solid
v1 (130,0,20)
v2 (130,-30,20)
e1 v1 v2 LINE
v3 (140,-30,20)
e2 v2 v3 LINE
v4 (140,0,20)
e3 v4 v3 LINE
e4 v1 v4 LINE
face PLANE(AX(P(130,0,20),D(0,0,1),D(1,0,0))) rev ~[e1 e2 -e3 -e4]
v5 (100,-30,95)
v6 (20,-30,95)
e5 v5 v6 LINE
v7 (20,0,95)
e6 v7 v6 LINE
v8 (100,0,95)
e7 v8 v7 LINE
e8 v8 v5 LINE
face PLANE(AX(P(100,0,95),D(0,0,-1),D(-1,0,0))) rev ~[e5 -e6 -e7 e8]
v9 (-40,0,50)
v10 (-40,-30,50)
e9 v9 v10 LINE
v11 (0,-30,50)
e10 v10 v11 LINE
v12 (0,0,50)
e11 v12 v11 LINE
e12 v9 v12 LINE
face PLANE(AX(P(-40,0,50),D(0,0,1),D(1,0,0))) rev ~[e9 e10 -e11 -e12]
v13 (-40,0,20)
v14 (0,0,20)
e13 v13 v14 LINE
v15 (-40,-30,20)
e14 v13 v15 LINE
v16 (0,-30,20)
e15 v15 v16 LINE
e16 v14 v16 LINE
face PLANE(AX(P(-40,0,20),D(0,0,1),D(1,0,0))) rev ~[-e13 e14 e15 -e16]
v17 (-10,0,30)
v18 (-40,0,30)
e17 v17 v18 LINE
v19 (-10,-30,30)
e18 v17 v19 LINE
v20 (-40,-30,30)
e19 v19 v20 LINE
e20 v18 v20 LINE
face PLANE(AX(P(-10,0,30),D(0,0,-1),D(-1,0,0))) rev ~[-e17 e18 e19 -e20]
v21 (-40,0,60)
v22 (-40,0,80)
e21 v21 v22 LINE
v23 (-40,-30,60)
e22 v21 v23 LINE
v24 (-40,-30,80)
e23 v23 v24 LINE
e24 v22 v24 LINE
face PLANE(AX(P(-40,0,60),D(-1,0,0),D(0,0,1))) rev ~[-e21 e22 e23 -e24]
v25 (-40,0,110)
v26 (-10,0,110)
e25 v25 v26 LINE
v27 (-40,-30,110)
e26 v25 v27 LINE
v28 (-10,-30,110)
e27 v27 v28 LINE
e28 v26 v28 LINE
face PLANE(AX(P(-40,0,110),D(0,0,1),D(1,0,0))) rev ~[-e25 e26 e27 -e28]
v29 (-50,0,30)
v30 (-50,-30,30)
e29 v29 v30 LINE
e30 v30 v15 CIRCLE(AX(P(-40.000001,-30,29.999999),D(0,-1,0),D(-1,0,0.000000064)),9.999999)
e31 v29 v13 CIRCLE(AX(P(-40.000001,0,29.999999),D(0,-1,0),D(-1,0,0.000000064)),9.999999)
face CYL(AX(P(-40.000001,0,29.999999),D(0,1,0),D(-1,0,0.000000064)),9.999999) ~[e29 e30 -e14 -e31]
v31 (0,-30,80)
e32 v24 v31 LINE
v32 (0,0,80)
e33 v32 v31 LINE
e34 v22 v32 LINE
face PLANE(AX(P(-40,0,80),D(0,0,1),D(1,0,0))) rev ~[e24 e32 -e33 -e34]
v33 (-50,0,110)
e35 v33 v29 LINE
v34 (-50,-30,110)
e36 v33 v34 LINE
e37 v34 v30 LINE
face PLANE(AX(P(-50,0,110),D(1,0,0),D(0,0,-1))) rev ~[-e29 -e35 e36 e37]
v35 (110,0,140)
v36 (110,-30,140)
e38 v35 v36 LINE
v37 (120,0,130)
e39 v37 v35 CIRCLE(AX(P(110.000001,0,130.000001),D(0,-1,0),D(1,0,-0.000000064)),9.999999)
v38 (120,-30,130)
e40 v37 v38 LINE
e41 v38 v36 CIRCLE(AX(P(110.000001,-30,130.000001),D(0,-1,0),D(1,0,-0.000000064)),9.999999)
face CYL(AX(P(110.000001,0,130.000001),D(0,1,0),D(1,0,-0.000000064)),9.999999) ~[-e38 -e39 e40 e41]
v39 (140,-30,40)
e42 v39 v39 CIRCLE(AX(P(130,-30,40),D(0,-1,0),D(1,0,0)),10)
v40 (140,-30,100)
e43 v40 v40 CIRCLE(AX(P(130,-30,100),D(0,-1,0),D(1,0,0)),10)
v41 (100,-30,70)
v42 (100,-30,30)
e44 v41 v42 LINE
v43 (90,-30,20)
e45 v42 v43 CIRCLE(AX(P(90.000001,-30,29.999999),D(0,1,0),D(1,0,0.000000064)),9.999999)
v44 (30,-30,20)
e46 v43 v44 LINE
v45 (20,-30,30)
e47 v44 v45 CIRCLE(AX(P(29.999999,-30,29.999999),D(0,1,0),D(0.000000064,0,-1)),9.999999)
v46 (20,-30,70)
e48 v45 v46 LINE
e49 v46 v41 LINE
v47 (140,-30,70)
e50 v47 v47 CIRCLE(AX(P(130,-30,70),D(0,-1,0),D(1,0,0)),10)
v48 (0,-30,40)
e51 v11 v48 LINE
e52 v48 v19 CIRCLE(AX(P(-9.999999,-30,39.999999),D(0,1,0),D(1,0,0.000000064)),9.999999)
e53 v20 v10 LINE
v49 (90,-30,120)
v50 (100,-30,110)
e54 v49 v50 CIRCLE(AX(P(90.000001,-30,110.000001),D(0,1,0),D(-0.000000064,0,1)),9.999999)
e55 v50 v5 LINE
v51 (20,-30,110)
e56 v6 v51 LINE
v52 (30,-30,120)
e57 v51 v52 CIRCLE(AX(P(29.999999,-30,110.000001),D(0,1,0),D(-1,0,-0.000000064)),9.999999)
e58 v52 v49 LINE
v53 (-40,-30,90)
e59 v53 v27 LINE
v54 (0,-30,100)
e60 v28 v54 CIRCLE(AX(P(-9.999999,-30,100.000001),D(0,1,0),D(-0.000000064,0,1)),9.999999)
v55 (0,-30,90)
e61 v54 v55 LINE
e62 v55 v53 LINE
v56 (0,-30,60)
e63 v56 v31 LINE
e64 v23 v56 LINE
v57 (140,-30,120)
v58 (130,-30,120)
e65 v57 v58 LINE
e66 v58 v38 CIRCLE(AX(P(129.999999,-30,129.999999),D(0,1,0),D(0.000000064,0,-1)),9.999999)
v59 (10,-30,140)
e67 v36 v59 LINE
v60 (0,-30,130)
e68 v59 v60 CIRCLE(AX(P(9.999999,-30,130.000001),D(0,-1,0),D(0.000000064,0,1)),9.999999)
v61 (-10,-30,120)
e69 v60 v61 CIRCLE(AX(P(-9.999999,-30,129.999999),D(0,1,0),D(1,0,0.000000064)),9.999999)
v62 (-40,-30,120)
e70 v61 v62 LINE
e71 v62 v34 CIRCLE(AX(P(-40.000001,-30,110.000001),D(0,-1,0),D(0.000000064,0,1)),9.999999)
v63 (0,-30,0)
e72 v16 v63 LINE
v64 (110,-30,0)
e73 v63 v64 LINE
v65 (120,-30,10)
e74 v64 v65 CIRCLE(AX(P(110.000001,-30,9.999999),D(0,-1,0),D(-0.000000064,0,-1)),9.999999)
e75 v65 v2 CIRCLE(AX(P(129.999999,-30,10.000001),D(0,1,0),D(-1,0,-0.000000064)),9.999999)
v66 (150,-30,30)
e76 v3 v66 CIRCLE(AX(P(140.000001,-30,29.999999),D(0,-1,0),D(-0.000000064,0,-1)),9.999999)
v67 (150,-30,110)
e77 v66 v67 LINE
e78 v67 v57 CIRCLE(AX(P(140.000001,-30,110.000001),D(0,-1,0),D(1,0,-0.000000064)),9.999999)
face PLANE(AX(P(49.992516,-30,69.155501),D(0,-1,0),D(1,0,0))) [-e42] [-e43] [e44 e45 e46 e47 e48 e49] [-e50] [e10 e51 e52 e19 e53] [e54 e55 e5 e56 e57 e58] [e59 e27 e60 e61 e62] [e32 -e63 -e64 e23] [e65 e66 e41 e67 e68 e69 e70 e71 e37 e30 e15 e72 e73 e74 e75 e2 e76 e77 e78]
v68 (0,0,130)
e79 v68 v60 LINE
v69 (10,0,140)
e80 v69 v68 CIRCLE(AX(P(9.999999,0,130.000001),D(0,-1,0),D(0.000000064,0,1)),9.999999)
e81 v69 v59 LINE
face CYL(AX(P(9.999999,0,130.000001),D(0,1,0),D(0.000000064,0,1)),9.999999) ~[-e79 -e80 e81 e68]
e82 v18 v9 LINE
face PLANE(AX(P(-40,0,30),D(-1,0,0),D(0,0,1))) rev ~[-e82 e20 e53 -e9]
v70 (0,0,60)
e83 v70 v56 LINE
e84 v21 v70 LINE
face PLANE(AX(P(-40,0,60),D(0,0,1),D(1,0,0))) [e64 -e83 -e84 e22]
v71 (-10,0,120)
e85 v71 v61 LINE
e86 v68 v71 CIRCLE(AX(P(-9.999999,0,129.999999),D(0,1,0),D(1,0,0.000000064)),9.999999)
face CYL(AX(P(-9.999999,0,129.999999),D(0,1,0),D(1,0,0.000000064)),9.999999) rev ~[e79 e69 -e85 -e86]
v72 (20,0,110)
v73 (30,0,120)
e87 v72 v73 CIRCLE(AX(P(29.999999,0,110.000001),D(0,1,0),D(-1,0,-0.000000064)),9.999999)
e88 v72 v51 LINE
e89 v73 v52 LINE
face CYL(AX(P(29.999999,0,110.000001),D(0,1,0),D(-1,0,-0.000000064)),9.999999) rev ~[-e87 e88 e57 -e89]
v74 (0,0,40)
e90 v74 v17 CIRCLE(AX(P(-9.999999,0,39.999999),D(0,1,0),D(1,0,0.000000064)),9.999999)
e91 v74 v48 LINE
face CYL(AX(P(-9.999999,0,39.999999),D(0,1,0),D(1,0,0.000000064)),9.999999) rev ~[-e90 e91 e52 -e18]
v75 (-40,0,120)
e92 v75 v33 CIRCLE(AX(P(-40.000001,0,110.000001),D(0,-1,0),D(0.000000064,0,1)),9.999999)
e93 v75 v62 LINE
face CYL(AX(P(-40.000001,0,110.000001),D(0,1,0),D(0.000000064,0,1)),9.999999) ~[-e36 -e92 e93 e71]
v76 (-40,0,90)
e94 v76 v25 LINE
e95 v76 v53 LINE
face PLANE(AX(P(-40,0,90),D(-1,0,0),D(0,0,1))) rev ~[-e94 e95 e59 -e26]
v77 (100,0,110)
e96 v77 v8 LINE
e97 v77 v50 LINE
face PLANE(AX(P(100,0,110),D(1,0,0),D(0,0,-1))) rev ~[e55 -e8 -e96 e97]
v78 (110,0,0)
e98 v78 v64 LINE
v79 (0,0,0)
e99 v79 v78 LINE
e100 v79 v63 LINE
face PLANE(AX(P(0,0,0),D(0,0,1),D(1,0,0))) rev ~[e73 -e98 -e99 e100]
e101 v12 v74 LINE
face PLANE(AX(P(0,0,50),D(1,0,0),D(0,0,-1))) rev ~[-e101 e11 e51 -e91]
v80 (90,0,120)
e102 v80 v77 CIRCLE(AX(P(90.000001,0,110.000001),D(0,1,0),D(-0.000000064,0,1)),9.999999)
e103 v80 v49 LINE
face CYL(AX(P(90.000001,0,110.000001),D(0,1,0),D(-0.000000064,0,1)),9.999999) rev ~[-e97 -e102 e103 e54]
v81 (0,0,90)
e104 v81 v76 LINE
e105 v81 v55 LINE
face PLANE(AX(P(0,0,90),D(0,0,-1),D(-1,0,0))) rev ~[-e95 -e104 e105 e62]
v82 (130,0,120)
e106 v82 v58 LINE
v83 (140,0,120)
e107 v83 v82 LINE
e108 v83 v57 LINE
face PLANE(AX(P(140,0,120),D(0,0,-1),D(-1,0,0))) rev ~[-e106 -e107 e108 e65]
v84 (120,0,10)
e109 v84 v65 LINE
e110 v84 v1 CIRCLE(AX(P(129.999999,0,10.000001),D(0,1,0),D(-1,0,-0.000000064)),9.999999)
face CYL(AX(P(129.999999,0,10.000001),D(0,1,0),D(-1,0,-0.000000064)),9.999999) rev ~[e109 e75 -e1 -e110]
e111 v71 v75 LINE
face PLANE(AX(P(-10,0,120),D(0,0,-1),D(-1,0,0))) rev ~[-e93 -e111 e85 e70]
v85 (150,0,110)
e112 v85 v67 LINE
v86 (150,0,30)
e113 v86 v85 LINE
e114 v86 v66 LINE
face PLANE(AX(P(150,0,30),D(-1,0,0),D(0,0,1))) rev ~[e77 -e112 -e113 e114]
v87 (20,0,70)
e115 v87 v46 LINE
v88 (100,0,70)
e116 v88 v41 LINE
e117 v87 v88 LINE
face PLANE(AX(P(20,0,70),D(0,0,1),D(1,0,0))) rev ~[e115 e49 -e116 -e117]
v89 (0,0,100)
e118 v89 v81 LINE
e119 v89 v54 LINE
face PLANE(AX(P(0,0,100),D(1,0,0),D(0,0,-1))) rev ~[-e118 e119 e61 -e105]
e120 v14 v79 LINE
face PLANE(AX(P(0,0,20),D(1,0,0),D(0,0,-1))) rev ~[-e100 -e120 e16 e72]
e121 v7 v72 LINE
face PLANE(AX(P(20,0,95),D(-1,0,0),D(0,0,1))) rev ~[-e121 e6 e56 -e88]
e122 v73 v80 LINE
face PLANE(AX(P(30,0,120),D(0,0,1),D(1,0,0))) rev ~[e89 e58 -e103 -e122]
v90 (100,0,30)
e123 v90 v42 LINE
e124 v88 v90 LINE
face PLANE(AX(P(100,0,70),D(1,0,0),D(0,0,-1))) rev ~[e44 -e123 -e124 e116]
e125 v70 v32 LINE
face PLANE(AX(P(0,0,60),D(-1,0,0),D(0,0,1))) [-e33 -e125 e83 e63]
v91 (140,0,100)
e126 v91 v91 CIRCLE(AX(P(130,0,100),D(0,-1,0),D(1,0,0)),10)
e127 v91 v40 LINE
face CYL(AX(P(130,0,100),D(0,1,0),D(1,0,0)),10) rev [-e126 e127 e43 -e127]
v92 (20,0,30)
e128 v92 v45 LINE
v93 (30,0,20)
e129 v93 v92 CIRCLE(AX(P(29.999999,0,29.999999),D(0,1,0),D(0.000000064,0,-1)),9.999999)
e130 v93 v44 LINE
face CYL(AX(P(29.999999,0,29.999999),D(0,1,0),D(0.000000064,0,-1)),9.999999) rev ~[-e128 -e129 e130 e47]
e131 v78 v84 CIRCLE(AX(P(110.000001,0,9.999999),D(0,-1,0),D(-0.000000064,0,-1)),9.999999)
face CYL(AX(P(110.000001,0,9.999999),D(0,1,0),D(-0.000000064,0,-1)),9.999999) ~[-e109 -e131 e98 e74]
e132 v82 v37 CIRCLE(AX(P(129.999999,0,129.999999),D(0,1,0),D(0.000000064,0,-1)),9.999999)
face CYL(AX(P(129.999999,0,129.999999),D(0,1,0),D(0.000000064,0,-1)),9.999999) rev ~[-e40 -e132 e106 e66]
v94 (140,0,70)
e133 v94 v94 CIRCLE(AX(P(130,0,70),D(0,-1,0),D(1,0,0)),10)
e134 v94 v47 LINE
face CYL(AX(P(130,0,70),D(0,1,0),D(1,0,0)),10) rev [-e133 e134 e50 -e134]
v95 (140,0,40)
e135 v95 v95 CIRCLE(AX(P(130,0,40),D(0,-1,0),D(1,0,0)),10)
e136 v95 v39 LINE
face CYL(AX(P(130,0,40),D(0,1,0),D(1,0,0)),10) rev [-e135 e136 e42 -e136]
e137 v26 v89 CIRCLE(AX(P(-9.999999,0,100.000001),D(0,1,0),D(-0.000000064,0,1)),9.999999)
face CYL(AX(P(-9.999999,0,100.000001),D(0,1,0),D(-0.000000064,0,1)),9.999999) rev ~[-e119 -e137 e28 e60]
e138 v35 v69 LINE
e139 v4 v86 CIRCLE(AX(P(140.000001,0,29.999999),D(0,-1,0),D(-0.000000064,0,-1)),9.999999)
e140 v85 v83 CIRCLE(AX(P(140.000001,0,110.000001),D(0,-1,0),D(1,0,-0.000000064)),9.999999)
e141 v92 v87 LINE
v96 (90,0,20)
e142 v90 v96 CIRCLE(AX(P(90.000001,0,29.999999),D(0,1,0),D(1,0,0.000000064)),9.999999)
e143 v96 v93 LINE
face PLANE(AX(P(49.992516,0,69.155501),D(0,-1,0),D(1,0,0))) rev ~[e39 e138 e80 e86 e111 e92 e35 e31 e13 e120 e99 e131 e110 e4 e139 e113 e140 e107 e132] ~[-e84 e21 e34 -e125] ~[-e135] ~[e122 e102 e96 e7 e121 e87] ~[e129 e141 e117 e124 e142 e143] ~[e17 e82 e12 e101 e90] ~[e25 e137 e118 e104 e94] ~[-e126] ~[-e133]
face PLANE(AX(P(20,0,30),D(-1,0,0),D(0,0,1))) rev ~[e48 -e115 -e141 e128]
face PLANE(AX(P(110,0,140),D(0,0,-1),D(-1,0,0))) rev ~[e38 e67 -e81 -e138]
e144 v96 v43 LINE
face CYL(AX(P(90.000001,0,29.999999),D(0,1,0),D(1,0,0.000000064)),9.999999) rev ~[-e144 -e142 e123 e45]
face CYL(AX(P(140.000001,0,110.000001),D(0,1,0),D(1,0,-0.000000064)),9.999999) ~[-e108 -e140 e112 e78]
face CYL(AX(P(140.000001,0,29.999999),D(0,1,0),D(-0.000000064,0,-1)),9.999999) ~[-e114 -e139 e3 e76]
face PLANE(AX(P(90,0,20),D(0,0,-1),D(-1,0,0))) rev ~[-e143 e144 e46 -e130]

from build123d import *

# Parameters (mm, degrees)
F0_R     = 10
F0_W     = 40
F0_H     = 20
F1_DEPTH = 30


with BuildPart() as f1:
    # F0 (on Front) → F1 (new body)
    with BuildSketch(Plane.XZ):
        with BuildLine():
            Line((0, 20), (0, 0))
            Line((0, 0), (110, 0))
            ThreePointArc((110, 0), (117.071068, 2.928932), (120, 10))
            ThreePointArc((120, 10), (122.928932, 17.071068), (130, 20))
            Line((130, 20), (140, 20))
            ThreePointArc((140, 20), (147.071068, 22.928932), (150, 30))
            Line((150, 30), (150, 110))
            ThreePointArc((150, 110), (147.071068, 117.071068), (140, 120))
            Line((140, 120), (130, 120))
            ThreePointArc((130, 120), (122.928932, 122.928932), (120, 130))
            ThreePointArc((120, 130), (117.071068, 137.071068), (110, 140))
            Line((110, 140), (10, 140))
            ThreePointArc((10, 140), (2.928932, 137.071068), (0, 130))
            ThreePointArc((0, 130), (-2.928932, 122.928932), (-10, 120))
            Line((-10, 120), (-40, 120))
            ThreePointArc((-40, 120), (-47.071068, 117.071068), (-50, 110))
            Line((-50, 110), (-50, 30))
            ThreePointArc((-50, 30), (-47.071068, 22.928932), (-40, 20))
            Line((-40, 20), (0, 20))
        make_face()
        with BuildLine():
            Line((-40, 30), (-40, 50))
            Line((-40, 50), (0, 50))
            Line((0, 50), (0, 40))
            ThreePointArc((0, 40), (-2.928932, 32.928932), (-10, 30))
            Line((-10, 30), (-40, 30))
        make_face(mode=Mode.SUBTRACT)
        with BuildLine():
            Line((20, 30), (20, 70))
            Line((20, 70), (100, 70))
            Line((100, 70), (100, 30))
            ThreePointArc((100, 30), (97.071068, 22.928932), (90, 20))
            Line((90, 20), (30, 20))
            ThreePointArc((30, 20), (22.928932, 22.928932), (20, 30))
        make_face(mode=Mode.SUBTRACT)
        with Locations((130, 40)):
            Circle(F0_R, mode=Mode.SUBTRACT)
        with Locations((-20, 70)):
            Rectangle(F0_W, F0_H, mode=Mode.SUBTRACT)
        with BuildLine():
            Line((-40, 90), (-40, 110))
            Line((-40, 110), (-10, 110))
            ThreePointArc((-10, 110), (-2.928932, 107.071068), (0, 100))
            Line((0, 100), (0, 90))
            Line((0, 90), (-40, 90))
        make_face(mode=Mode.SUBTRACT)
        with Locations((130, 70)):
            Circle(F0_R, mode=Mode.SUBTRACT)
        with Locations((130, 100)):
            Circle(F0_R, mode=Mode.SUBTRACT)
        with BuildLine():
            Line((100, 95), (20, 95))
            Line((20, 95), (20, 110))
            ThreePointArc((20, 110), (22.928932, 117.071068), (30, 120))
            Line((30, 120), (90, 120))
            ThreePointArc((90, 120), (97.071068, 117.071068), (100, 110))
            Line((100, 110), (100, 95))
        make_face(mode=Mode.SUBTRACT)
    extrude(amount=F1_DEPTH)


solid = f1.part
